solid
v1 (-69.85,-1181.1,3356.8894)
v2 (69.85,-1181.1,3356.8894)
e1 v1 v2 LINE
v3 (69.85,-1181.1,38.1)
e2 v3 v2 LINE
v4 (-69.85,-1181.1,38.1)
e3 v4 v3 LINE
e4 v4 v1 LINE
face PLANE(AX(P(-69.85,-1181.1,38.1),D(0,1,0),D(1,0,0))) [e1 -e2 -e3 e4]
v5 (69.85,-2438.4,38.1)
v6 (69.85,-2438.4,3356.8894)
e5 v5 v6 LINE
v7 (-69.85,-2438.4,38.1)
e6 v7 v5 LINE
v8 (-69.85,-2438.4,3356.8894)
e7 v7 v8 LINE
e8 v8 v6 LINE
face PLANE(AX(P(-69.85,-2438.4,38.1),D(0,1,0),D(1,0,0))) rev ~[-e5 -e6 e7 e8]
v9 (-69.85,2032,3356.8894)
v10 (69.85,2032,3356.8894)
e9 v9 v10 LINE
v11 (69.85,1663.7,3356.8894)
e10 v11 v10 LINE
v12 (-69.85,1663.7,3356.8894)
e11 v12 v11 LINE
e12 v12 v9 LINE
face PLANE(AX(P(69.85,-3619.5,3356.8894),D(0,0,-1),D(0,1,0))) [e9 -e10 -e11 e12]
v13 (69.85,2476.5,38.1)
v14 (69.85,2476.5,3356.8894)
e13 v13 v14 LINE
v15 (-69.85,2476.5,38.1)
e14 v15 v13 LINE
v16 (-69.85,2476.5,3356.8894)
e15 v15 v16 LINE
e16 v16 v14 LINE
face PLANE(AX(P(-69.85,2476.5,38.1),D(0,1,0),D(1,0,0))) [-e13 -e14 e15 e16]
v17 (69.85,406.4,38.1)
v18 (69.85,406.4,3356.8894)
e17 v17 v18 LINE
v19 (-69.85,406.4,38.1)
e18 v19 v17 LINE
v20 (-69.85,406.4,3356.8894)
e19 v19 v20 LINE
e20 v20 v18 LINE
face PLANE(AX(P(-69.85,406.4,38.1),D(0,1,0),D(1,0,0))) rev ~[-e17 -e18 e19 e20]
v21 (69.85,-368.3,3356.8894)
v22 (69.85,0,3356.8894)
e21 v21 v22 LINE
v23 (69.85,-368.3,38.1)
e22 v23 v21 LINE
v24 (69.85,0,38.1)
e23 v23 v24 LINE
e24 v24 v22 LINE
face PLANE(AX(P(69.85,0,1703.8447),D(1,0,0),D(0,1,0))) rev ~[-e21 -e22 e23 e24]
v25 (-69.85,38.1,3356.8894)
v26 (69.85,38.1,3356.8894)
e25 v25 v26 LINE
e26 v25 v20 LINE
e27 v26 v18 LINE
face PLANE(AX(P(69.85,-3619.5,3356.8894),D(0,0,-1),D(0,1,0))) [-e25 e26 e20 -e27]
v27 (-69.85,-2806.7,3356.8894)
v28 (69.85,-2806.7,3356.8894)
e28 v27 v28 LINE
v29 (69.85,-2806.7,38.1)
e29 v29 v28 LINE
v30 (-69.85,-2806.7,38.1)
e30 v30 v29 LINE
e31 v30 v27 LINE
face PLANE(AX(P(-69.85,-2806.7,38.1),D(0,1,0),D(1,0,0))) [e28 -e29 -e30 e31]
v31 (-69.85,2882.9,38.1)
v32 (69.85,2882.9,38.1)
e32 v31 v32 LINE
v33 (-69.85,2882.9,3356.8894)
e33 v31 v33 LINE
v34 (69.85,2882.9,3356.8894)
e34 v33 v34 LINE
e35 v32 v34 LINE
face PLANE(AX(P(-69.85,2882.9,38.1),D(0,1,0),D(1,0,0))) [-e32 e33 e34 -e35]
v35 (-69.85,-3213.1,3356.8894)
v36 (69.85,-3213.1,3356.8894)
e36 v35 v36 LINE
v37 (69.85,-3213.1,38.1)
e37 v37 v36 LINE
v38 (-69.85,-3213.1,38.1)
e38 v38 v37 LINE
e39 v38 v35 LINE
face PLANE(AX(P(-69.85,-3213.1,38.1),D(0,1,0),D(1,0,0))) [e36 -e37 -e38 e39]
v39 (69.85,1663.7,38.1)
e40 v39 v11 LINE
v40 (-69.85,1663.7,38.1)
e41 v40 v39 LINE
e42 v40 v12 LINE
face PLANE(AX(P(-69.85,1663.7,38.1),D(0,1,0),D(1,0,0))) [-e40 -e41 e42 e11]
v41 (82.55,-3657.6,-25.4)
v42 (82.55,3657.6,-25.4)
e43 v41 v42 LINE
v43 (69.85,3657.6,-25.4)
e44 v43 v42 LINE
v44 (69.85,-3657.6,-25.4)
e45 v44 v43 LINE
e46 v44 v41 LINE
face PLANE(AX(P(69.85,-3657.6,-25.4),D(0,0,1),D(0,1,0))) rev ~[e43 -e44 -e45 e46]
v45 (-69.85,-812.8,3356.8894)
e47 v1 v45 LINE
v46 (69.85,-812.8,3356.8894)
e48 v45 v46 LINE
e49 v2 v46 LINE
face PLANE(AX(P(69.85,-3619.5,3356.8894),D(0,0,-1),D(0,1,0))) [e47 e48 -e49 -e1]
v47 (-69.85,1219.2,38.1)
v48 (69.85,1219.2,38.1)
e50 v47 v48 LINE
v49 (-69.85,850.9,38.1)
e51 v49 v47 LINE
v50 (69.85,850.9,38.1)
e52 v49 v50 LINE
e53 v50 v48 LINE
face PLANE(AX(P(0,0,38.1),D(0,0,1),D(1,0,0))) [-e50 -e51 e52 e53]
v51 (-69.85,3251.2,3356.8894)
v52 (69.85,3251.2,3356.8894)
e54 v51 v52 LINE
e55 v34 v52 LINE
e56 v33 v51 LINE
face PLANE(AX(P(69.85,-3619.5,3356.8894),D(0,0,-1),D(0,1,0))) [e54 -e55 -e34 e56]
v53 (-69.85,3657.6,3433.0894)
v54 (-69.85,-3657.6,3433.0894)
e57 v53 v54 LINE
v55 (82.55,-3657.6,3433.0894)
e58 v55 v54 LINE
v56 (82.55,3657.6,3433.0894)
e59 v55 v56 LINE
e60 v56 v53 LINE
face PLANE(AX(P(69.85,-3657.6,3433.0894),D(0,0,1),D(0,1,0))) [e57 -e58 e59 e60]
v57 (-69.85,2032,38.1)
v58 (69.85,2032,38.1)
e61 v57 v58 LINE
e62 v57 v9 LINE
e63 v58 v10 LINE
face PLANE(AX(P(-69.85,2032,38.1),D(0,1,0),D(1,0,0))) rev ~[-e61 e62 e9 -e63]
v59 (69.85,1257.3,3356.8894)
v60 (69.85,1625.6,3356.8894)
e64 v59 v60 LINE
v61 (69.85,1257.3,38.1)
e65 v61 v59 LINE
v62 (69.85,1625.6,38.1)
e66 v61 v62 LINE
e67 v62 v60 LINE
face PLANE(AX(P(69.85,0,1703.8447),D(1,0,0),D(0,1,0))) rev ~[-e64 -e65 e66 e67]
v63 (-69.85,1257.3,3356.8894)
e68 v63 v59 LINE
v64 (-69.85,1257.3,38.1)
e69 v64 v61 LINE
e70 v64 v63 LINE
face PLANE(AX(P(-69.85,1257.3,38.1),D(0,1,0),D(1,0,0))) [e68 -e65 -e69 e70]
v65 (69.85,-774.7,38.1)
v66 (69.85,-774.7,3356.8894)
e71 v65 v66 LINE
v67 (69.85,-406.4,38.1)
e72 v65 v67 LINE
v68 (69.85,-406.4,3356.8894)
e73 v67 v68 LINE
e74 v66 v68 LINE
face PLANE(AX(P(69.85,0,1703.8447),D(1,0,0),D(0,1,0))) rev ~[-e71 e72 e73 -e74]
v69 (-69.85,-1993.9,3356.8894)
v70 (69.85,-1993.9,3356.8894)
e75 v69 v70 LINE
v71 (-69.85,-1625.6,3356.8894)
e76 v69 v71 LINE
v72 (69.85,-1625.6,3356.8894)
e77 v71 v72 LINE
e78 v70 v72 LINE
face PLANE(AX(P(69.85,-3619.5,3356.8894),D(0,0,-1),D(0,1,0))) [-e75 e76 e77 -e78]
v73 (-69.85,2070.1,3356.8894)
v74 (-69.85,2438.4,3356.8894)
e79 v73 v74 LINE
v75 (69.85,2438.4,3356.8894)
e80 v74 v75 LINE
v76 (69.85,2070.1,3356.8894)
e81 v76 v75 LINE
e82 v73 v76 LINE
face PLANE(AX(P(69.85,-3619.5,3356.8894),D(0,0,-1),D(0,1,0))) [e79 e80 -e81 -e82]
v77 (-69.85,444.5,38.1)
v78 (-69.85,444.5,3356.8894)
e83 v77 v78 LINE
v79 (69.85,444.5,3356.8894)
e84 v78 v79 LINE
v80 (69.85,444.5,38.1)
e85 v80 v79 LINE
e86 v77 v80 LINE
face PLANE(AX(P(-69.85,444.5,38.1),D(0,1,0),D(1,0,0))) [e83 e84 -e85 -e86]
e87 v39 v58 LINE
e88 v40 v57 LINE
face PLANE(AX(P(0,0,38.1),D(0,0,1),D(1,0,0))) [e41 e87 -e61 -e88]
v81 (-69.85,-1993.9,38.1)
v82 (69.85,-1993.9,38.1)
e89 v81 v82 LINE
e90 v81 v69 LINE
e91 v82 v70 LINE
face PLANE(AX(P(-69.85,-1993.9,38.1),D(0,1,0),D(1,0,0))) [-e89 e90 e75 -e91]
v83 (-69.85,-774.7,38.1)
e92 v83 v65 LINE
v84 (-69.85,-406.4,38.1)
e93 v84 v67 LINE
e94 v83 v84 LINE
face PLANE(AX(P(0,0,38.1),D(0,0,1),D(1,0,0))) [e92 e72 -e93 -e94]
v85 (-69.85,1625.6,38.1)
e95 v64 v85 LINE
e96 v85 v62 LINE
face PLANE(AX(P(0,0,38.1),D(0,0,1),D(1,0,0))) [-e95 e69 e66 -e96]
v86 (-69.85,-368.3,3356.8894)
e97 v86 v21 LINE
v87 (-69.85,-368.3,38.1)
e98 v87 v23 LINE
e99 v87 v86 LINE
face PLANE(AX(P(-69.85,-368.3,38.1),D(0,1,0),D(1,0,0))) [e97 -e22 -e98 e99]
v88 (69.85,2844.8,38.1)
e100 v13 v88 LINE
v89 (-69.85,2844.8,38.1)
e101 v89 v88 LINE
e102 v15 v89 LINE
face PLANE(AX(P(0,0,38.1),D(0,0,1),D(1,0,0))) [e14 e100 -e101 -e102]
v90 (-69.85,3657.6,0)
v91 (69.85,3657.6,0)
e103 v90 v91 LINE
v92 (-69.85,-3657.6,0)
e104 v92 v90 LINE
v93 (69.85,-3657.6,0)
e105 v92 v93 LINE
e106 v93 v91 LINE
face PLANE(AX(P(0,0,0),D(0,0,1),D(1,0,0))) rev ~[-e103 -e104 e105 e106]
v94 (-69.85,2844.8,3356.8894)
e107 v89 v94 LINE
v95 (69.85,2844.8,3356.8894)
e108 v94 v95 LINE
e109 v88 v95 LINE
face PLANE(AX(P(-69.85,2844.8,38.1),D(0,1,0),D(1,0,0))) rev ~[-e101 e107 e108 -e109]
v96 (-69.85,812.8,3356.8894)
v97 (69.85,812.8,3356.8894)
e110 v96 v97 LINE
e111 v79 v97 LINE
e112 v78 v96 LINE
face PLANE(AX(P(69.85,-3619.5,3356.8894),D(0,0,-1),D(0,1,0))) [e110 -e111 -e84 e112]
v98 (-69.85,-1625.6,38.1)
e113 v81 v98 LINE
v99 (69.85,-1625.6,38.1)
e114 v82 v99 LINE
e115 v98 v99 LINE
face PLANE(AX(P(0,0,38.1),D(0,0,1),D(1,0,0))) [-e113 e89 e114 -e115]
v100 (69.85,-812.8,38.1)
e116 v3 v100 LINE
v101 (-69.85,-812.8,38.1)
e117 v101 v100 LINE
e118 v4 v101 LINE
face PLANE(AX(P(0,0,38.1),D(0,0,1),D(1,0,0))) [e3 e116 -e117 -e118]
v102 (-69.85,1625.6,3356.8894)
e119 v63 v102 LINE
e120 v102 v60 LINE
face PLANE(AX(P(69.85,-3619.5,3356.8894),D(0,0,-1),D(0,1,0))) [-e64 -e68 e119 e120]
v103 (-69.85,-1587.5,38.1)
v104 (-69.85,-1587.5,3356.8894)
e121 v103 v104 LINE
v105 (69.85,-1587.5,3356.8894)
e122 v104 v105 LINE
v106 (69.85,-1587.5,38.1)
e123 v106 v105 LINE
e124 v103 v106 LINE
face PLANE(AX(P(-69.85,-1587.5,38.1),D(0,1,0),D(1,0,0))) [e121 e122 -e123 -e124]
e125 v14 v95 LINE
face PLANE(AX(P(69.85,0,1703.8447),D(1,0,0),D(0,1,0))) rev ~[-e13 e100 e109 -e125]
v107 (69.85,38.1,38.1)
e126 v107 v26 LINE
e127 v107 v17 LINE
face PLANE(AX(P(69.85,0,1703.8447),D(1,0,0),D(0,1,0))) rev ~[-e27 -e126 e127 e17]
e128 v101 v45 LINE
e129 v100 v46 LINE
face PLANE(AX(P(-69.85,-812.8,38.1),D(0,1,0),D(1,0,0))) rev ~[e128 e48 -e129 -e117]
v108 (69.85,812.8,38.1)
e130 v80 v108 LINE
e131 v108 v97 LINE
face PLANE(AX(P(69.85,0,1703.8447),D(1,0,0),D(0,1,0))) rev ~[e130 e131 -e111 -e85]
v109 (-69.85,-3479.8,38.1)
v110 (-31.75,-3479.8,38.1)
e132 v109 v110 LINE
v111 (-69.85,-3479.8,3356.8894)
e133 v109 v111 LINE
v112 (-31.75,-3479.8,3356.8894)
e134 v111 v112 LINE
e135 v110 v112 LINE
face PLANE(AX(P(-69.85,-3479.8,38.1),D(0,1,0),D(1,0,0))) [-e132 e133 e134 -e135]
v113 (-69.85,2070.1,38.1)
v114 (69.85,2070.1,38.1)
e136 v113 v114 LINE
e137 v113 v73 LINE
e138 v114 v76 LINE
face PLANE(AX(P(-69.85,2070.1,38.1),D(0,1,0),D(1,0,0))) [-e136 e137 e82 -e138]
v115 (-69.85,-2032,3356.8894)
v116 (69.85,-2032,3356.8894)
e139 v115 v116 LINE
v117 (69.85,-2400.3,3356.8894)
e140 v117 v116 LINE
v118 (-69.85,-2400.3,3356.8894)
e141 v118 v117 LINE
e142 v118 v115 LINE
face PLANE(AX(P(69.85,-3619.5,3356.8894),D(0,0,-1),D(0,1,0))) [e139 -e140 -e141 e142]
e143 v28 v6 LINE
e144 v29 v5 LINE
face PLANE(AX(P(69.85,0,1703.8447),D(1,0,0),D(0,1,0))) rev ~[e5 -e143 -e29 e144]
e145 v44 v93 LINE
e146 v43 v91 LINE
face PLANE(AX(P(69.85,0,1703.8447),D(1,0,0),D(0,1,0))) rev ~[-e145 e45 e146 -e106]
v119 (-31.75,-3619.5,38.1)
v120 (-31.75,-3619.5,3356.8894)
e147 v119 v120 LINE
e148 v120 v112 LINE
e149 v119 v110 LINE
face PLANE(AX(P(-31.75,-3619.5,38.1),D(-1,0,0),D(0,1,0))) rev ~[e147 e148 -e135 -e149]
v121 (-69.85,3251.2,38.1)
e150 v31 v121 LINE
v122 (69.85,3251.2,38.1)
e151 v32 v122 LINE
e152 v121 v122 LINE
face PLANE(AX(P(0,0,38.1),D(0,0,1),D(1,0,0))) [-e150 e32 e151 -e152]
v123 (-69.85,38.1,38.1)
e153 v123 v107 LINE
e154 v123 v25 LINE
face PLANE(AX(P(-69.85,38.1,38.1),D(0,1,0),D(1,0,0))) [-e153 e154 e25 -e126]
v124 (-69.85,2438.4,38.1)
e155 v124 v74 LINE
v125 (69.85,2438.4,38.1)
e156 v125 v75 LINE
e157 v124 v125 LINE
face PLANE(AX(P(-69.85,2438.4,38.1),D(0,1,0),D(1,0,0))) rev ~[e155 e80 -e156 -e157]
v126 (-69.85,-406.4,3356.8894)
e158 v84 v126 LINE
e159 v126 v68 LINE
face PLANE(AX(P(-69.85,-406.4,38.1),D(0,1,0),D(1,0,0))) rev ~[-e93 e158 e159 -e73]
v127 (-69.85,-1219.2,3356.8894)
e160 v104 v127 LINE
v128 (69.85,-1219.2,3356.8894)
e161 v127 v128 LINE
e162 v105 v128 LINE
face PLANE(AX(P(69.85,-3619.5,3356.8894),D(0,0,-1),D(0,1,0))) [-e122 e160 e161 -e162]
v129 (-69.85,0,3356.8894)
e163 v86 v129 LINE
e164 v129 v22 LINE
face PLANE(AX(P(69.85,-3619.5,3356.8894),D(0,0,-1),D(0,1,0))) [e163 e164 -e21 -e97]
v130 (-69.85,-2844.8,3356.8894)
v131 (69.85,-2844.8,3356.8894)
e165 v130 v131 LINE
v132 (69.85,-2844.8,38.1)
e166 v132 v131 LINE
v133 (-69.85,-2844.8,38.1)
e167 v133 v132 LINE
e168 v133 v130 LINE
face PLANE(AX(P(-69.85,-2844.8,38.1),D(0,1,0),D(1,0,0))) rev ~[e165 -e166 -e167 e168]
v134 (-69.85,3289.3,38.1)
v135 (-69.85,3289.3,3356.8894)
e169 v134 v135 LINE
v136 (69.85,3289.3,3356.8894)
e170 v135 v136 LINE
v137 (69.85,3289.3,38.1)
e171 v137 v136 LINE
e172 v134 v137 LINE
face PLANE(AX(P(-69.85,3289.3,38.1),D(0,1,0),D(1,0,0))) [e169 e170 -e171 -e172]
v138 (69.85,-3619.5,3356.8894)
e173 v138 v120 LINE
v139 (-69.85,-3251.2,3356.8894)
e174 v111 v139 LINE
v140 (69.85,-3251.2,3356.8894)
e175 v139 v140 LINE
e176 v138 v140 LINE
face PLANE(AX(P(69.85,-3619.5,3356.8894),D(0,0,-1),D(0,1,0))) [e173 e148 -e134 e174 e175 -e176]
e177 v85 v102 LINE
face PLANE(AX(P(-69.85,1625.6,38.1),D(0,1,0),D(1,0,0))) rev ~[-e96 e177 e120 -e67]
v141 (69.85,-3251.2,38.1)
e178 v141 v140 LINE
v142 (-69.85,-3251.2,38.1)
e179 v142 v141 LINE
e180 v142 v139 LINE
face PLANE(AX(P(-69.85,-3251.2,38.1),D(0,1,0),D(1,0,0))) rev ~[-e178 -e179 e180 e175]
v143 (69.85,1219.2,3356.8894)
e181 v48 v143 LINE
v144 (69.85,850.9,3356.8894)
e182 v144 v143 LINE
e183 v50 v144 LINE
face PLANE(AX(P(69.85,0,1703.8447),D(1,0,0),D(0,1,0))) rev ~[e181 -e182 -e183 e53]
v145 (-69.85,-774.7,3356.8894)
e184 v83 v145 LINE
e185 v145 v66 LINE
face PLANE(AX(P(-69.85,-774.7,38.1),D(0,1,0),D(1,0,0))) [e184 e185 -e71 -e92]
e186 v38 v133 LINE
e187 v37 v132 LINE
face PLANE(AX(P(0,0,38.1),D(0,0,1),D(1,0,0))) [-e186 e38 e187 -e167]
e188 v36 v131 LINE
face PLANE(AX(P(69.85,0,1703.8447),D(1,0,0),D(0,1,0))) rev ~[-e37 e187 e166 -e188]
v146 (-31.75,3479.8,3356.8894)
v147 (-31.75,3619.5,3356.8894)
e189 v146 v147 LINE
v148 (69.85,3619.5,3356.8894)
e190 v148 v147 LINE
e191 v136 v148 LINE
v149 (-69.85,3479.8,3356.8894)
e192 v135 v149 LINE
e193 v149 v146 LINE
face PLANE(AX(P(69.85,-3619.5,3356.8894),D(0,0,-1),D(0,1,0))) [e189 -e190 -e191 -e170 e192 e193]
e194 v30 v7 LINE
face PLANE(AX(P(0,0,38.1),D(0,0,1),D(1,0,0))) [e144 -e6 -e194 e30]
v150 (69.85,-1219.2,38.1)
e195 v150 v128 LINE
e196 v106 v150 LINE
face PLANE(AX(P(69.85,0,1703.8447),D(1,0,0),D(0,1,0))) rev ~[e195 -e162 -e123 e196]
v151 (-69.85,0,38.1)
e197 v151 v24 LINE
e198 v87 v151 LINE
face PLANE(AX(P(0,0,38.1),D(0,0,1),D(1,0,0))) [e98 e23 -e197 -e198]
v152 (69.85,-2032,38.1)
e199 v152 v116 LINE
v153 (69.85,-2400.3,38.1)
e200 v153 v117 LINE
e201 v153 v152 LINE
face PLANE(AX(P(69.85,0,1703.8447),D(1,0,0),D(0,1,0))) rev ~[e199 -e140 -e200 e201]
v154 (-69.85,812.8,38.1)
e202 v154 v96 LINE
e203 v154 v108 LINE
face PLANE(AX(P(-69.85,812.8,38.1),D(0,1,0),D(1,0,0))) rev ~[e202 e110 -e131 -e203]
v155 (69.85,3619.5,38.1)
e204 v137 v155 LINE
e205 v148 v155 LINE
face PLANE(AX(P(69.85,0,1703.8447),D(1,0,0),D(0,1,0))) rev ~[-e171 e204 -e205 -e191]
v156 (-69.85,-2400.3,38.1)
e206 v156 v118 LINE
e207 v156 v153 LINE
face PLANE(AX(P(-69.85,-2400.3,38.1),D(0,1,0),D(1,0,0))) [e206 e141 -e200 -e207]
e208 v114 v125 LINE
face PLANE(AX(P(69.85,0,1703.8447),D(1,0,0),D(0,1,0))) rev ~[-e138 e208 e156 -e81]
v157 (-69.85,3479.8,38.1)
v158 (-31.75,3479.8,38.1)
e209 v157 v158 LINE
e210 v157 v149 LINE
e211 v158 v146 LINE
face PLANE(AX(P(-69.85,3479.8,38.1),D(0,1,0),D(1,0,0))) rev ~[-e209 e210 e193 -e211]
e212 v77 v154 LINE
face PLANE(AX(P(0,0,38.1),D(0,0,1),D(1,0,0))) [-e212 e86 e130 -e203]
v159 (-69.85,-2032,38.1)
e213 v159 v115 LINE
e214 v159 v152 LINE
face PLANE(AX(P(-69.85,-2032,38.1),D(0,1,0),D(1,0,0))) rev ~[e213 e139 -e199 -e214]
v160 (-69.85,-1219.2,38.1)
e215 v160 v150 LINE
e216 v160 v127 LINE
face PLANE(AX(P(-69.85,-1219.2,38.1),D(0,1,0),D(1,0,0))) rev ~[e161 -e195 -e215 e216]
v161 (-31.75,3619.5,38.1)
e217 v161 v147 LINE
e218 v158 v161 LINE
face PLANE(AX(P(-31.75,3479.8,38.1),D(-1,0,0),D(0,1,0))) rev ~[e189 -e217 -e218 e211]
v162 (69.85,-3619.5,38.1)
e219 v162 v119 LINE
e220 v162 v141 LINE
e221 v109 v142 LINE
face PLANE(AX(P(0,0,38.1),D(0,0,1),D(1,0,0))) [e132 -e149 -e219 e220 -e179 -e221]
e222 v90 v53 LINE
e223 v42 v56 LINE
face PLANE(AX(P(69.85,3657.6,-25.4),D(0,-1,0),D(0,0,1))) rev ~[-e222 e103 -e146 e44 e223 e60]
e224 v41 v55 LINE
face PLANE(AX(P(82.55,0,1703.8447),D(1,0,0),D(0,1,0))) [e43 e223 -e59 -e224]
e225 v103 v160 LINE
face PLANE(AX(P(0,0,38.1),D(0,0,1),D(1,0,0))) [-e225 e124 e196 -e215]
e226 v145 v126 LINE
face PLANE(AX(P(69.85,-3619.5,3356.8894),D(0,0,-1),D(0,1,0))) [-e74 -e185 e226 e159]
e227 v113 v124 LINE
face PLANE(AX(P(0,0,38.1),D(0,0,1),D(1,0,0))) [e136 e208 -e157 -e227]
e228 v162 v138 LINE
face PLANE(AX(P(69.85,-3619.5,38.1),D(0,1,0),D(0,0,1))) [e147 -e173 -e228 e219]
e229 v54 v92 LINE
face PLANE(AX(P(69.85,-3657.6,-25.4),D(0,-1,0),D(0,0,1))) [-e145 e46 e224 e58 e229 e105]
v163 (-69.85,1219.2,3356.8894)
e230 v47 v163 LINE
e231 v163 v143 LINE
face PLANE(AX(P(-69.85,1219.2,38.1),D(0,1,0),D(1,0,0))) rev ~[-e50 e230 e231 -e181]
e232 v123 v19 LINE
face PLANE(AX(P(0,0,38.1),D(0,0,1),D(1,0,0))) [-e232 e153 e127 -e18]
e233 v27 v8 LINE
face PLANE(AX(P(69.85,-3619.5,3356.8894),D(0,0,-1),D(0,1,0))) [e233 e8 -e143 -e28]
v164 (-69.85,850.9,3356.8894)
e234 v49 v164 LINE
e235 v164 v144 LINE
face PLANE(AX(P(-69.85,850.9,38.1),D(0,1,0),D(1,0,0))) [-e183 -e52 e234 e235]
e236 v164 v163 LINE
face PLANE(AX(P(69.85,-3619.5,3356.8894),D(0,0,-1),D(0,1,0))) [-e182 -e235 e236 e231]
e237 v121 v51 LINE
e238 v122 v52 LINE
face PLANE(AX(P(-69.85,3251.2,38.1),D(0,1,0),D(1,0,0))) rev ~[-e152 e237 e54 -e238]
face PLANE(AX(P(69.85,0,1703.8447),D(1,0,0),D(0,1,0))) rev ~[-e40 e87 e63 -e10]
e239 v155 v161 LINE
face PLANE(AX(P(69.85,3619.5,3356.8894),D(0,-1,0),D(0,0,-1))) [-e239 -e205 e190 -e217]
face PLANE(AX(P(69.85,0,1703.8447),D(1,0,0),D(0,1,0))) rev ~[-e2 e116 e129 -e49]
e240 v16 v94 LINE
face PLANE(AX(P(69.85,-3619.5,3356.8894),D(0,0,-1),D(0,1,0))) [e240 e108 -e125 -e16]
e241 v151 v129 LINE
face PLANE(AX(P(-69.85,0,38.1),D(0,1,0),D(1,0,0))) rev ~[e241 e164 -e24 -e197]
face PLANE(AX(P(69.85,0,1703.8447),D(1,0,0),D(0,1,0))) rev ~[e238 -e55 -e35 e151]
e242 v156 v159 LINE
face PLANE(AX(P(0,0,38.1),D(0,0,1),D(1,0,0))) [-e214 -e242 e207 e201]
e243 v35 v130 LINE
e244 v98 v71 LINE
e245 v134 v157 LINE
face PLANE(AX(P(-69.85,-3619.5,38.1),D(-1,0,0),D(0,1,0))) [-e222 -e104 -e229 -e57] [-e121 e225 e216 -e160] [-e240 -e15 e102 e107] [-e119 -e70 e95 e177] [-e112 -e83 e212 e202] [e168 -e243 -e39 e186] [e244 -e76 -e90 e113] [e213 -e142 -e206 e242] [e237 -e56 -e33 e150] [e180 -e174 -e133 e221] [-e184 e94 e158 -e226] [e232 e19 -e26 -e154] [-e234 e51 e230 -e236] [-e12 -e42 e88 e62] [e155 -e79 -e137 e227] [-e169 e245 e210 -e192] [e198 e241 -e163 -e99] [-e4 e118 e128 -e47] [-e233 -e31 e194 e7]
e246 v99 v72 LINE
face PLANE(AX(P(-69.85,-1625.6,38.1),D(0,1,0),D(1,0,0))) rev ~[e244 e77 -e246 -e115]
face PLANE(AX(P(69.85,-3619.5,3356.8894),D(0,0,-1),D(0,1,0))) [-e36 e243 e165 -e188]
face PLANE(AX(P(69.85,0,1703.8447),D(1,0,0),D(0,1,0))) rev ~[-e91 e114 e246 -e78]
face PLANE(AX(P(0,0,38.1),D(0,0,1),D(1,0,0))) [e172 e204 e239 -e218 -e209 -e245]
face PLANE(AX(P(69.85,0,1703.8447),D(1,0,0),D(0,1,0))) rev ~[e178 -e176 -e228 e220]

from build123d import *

# Parameters (mm, degrees)
F0_W     = 139.7
F0_H     = 7315.2
F1_DEPTH = 38.1
F3_DEPTH = 139.7
F4_W     = 38.1
F4_H     = 139.7
F4_W_2   = 139.7
F4_H_2   = 38.1
F5_DEPTH = 3318.7894
F6_W     = 7315.2
F6_H     = 3458.4894
F7_DEPTH = 12.7


with BuildPart() as f1:
    # F0 (on Top) → F1 (new body)
    with BuildSketch(Plane.XY):
        Rectangle(F0_W, F0_H)
    extrude(amount=F1_DEPTH)

    # F2 (on face) → F3 (join, through all)
    with BuildSketch(Plane.YZ.offset(69.85)):
        Polygon((3657.6, 3433.0894), (-3657.6, 3433.0894), (-3657.6, 38.1), (-3619.5, 38.1), (-3619.5, 3356.8894), (3619.5, 3356.8894), (3619.5, 38.1), (3657.6, 38.1), align=None)
    extrude(amount=-F3_DEPTH)

    # F4 (on face) → F5 (join, through all)
    with BuildSketch(Plane.XY.offset(38.1)):
        with Locations((-50.8, -3549.65)):
            Rectangle(F4_W, F4_H)
        with Locations((0, -3232.15)):
            Rectangle(F4_W_2, F4_H_2)
        with Locations((0, -2825.75)):
            Rectangle(F4_W_2, F4_H_2)
        with Locations((0, -2419.35)):
            Rectangle(F4_W_2, F4_H_2)
        with Locations((0, -2012.95)):
            Rectangle(F4_W_2, F4_H_2)
        with Locations((0, -1606.55)):
            Rectangle(F4_W_2, F4_H_2)
        with Locations((0, -1200.15)):
            Rectangle(F4_W_2, F4_H_2)
        with Locations((0, -793.75)):
            Rectangle(F4_W_2, F4_H_2)
        with Locations((0, -387.35)):
            Rectangle(F4_W_2, F4_H_2)
        with Locations((0, 19.05)):
            Rectangle(F4_W_2, F4_H_2)
        with Locations((0, 425.45)):
            Rectangle(F4_W_2, F4_H_2)
        with Locations((0, 831.85)):
            Rectangle(F4_W_2, F4_H_2)
        with Locations((0, 1238.25)):
            Rectangle(F4_W_2, F4_H_2)
        with Locations((0, 1644.65)):
            Rectangle(F4_W_2, F4_H_2)
        with Locations((0, 2051.05)):
            Rectangle(F4_W_2, F4_H_2)
        with Locations((0, 2457.45)):
            Rectangle(F4_W_2, F4_H_2)
        with Locations((0, 2863.85)):
            Rectangle(F4_W_2, F4_H_2)
        with Locations((0, 3270.25)):
            Rectangle(F4_W_2, F4_H_2)
        with Locations((-50.8, 3549.65)):
            Rectangle(F4_W, F4_H)
    extrude(amount=F5_DEPTH)

    # F6 (on face) → F7 (join)
    with BuildSketch(Plane.YZ.offset(69.85)):
        with Locations((0, 1703.8447)):
            Rectangle(F6_W, F6_H)
    extrude(amount=F7_DEPTH)


solid = f1.part
